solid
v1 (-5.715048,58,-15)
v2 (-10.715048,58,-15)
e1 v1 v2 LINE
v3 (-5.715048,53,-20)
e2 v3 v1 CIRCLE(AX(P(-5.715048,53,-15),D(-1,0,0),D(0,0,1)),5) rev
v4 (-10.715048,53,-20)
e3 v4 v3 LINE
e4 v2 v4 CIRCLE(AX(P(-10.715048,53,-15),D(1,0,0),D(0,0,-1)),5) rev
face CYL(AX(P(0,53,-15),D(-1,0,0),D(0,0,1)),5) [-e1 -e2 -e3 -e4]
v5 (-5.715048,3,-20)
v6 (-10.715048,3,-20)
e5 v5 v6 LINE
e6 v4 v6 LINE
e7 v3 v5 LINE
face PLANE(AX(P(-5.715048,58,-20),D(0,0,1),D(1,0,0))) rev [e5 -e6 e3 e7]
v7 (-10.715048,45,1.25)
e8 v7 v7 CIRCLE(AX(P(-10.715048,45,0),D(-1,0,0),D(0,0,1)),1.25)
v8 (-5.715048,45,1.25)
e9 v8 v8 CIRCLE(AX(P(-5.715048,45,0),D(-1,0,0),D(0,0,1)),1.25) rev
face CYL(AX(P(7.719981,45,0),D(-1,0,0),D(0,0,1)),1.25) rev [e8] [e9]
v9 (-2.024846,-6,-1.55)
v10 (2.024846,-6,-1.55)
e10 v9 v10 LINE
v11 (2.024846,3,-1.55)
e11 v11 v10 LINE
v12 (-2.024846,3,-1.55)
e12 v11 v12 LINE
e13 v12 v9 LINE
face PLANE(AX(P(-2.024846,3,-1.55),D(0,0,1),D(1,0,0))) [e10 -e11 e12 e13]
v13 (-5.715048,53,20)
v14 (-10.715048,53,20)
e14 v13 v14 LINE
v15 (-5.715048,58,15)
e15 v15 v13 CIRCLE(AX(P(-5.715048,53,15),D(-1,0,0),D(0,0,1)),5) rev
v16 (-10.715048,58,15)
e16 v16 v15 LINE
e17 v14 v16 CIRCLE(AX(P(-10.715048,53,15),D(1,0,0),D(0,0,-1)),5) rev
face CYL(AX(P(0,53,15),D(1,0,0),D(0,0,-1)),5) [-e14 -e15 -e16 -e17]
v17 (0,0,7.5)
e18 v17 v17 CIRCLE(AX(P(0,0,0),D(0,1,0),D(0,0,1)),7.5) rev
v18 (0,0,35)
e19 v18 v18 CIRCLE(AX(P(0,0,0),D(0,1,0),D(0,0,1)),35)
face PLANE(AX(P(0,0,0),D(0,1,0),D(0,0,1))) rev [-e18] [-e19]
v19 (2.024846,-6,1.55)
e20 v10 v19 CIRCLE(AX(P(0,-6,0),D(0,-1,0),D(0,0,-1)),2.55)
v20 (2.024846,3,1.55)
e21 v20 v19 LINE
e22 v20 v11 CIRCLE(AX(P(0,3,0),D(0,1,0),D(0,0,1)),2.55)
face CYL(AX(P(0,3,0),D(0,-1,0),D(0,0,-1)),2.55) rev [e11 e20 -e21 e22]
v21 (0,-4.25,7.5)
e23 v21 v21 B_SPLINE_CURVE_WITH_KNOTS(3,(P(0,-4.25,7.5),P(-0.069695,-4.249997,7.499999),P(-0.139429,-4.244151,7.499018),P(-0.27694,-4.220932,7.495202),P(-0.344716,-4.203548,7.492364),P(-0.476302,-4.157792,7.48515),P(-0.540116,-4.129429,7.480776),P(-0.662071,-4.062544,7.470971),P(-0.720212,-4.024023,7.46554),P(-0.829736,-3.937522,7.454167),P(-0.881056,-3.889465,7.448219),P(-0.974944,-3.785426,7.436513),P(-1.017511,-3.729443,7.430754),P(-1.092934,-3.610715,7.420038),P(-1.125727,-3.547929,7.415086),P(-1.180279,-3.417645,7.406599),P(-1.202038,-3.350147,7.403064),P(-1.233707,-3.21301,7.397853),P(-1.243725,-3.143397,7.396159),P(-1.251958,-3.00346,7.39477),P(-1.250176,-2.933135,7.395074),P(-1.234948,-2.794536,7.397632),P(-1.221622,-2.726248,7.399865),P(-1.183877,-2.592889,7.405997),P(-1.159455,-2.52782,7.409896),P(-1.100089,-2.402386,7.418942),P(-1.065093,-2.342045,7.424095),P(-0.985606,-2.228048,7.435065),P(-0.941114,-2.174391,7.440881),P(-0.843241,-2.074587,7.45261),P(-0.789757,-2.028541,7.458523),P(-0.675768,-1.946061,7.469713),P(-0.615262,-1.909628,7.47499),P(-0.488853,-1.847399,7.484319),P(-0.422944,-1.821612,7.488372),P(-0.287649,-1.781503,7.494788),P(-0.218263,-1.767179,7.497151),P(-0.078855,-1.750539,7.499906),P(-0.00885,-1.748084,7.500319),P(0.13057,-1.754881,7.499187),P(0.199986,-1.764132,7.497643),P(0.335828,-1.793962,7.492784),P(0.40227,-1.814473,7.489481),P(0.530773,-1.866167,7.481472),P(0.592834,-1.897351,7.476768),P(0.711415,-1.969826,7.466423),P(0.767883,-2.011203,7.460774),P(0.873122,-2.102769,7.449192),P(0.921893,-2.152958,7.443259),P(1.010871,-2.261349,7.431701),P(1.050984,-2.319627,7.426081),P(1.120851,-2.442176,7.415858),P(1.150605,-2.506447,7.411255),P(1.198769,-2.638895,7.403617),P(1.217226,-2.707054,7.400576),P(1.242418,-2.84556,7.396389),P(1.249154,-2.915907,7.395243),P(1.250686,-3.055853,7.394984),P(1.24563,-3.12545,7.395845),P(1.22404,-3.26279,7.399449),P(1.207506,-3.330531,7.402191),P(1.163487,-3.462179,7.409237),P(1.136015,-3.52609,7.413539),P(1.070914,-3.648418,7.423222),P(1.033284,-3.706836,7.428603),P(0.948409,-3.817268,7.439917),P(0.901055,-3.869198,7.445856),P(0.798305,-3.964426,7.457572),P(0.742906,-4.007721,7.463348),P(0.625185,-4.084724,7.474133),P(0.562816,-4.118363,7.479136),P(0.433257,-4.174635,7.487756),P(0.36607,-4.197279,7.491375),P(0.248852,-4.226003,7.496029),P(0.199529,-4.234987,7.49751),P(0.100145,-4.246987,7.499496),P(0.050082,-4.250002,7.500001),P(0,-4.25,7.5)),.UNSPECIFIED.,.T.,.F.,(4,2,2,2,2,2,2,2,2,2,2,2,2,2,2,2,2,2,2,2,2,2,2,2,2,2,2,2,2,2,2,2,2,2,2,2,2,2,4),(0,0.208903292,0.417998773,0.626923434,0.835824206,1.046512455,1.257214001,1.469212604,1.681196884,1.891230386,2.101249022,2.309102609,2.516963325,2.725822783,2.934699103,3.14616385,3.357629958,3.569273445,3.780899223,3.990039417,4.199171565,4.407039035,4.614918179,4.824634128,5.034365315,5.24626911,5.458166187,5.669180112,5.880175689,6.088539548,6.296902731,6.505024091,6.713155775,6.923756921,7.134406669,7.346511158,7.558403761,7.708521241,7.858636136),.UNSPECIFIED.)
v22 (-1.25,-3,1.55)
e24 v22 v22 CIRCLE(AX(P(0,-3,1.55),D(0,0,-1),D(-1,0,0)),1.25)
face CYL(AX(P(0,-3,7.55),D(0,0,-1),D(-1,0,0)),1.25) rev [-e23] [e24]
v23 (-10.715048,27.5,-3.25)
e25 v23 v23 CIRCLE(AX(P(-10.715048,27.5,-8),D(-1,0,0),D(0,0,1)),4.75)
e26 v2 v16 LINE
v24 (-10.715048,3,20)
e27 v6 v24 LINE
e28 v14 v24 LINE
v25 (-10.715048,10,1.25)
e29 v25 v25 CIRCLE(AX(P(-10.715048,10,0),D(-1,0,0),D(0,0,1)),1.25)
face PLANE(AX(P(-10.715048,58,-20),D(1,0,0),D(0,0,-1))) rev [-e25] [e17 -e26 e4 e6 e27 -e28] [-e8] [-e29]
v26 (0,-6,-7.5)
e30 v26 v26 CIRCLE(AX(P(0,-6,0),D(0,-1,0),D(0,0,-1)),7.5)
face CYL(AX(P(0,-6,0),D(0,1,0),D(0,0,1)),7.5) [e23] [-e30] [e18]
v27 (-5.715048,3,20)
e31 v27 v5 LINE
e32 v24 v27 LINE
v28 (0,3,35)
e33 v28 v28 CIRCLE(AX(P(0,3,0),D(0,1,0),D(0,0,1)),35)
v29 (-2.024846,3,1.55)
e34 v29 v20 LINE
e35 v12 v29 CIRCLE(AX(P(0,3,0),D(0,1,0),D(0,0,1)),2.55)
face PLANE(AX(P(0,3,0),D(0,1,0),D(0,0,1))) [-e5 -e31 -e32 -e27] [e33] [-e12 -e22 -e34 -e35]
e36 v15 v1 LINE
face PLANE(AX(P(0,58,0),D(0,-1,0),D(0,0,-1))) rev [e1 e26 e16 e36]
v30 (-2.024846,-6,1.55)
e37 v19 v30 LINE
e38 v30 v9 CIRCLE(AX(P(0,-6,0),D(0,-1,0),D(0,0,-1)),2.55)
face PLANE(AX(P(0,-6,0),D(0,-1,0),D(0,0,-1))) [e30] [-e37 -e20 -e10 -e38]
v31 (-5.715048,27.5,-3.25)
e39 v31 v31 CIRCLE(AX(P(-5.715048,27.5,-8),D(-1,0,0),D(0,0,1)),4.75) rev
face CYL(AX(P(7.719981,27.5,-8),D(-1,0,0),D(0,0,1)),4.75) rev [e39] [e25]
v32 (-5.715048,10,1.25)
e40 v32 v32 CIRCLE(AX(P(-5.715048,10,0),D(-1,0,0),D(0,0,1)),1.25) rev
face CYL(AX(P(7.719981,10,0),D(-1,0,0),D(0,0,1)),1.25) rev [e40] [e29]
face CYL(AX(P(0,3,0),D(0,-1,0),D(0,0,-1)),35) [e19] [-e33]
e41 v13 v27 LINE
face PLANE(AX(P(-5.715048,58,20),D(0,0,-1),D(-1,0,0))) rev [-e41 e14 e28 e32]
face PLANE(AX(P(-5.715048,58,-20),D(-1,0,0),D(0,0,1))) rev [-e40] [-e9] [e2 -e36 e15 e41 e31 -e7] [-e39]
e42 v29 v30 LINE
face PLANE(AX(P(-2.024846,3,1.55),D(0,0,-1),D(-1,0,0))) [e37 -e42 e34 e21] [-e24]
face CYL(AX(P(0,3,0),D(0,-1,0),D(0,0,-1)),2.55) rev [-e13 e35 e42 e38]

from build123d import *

# Parameters (mm, degrees)
CROQUIS1_R              = 35
SALIENTE_EXTRUIR1_DEPTH = 3
SALIENTE_EXTRUIR2_START = 6
CROQUIS2_R              = 7.5
SALIENTE_EXTRUIR2_DEPTH = 6
CROQUIS3_R              = 1.25
CORTAR_EXTRUIR1_DEPTH   = 6
CROQUIS4_W              = 5
CROQUIS4_H              = 40
SALIENTE_EXTRUIR3_DEPTH = 55
CROQUIS5_R              = 1.25
CROQUIS5_R_2            = 4.75
CORTAR_EXTRUIR2_DEPTH   = 5
REDONDEO1_R             = 5


with BuildPart() as part:
    # Croquis1 → Saliente-Extruir1 (new body)
    with BuildSketch(Plane(origin=(0, 0, 0), x_dir=(1, 0, 0), z_dir=(0, 1, 0))):
        with Locations(Location((0, 0, 0), (0, 0, 270))):
            Circle(CROQUIS1_R)
        with BuildLine():
            Line((-2.024845673, 1.55), (2.024845673, 1.55))
            ThreePointArc((2.024845673, 1.55), (2.55, 0), (2.024845673, -1.55))
            Line((2.024845673, -1.55), (-2.024845673, -1.55))
            ThreePointArc((-2.024845673, -1.55), (-2.55, 0), (-2.024845673, 1.55))
        make_face(mode=Mode.SUBTRACT)
    extrude(amount=SALIENTE_EXTRUIR1_DEPTH)

    # Croquis2 → Saliente-Extruir2 (add)
    with BuildSketch(Plane.XZ.offset(SALIENTE_EXTRUIR2_START)):
        with Locations(Location((0, 0, 0), (0, 0, 90))):
            Circle(CROQUIS2_R)
        with BuildLine():
            Line((-2.024845673, 1.55), (2.024845673, 1.55))
            ThreePointArc((2.024845673, 1.55), (2.55, 0), (2.024845673, -1.55))
            Line((2.024845673, -1.55), (-2.024845673, -1.55))
            ThreePointArc((-2.024845673, -1.55), (-2.55, 0), (-2.024845673, 1.55))
        make_face(mode=Mode.SUBTRACT)
    extrude(amount=-SALIENTE_EXTRUIR2_DEPTH)

    # Croquis3 → Cortar-Extruir1 (cut)
    with BuildSketch(Plane(origin=(0, 0, 1.55), x_dir=(-1, 0, 0), z_dir=(0, 0, -1))):
        with Locations((0, -3)):
            Circle(CROQUIS3_R)
    extrude(amount=-CORTAR_EXTRUIR1_DEPTH, mode=Mode.SUBTRACT)

    # Croquis4 → Saliente-Extruir3 (add)
    with BuildSketch(Plane(origin=(0, 3, 0), x_dir=(1, 0, 0), z_dir=(0, 1, 0))):
        with Locations((-8.215048019, 0)):
            Rectangle(CROQUIS4_W, CROQUIS4_H)
    extrude(amount=SALIENTE_EXTRUIR3_DEPTH)

    # Croquis5 → Cortar-Extruir2 (cut)
    with BuildSketch(Plane.ZY.offset(10.715048019)):
        with Locations((0, 45)):
            Circle(CROQUIS5_R)
        with Locations((0, 10)):
            Circle(CROQUIS5_R)
        with Locations((-8, 27.5)):
            Circle(CROQUIS5_R_2)
    extrude(amount=-CORTAR_EXTRUIR2_DEPTH, mode=Mode.SUBTRACT)

    # Redondeo1
    redondeo1_edges = [part.edges().sort_by_distance(p)[0] for p in [
        (-8.215048019, 58, -20),
        (-8.215048019, 58, 20),
    ]]
    fillet(redondeo1_edges, radius=REDONDEO1_R)


solid = part.part
